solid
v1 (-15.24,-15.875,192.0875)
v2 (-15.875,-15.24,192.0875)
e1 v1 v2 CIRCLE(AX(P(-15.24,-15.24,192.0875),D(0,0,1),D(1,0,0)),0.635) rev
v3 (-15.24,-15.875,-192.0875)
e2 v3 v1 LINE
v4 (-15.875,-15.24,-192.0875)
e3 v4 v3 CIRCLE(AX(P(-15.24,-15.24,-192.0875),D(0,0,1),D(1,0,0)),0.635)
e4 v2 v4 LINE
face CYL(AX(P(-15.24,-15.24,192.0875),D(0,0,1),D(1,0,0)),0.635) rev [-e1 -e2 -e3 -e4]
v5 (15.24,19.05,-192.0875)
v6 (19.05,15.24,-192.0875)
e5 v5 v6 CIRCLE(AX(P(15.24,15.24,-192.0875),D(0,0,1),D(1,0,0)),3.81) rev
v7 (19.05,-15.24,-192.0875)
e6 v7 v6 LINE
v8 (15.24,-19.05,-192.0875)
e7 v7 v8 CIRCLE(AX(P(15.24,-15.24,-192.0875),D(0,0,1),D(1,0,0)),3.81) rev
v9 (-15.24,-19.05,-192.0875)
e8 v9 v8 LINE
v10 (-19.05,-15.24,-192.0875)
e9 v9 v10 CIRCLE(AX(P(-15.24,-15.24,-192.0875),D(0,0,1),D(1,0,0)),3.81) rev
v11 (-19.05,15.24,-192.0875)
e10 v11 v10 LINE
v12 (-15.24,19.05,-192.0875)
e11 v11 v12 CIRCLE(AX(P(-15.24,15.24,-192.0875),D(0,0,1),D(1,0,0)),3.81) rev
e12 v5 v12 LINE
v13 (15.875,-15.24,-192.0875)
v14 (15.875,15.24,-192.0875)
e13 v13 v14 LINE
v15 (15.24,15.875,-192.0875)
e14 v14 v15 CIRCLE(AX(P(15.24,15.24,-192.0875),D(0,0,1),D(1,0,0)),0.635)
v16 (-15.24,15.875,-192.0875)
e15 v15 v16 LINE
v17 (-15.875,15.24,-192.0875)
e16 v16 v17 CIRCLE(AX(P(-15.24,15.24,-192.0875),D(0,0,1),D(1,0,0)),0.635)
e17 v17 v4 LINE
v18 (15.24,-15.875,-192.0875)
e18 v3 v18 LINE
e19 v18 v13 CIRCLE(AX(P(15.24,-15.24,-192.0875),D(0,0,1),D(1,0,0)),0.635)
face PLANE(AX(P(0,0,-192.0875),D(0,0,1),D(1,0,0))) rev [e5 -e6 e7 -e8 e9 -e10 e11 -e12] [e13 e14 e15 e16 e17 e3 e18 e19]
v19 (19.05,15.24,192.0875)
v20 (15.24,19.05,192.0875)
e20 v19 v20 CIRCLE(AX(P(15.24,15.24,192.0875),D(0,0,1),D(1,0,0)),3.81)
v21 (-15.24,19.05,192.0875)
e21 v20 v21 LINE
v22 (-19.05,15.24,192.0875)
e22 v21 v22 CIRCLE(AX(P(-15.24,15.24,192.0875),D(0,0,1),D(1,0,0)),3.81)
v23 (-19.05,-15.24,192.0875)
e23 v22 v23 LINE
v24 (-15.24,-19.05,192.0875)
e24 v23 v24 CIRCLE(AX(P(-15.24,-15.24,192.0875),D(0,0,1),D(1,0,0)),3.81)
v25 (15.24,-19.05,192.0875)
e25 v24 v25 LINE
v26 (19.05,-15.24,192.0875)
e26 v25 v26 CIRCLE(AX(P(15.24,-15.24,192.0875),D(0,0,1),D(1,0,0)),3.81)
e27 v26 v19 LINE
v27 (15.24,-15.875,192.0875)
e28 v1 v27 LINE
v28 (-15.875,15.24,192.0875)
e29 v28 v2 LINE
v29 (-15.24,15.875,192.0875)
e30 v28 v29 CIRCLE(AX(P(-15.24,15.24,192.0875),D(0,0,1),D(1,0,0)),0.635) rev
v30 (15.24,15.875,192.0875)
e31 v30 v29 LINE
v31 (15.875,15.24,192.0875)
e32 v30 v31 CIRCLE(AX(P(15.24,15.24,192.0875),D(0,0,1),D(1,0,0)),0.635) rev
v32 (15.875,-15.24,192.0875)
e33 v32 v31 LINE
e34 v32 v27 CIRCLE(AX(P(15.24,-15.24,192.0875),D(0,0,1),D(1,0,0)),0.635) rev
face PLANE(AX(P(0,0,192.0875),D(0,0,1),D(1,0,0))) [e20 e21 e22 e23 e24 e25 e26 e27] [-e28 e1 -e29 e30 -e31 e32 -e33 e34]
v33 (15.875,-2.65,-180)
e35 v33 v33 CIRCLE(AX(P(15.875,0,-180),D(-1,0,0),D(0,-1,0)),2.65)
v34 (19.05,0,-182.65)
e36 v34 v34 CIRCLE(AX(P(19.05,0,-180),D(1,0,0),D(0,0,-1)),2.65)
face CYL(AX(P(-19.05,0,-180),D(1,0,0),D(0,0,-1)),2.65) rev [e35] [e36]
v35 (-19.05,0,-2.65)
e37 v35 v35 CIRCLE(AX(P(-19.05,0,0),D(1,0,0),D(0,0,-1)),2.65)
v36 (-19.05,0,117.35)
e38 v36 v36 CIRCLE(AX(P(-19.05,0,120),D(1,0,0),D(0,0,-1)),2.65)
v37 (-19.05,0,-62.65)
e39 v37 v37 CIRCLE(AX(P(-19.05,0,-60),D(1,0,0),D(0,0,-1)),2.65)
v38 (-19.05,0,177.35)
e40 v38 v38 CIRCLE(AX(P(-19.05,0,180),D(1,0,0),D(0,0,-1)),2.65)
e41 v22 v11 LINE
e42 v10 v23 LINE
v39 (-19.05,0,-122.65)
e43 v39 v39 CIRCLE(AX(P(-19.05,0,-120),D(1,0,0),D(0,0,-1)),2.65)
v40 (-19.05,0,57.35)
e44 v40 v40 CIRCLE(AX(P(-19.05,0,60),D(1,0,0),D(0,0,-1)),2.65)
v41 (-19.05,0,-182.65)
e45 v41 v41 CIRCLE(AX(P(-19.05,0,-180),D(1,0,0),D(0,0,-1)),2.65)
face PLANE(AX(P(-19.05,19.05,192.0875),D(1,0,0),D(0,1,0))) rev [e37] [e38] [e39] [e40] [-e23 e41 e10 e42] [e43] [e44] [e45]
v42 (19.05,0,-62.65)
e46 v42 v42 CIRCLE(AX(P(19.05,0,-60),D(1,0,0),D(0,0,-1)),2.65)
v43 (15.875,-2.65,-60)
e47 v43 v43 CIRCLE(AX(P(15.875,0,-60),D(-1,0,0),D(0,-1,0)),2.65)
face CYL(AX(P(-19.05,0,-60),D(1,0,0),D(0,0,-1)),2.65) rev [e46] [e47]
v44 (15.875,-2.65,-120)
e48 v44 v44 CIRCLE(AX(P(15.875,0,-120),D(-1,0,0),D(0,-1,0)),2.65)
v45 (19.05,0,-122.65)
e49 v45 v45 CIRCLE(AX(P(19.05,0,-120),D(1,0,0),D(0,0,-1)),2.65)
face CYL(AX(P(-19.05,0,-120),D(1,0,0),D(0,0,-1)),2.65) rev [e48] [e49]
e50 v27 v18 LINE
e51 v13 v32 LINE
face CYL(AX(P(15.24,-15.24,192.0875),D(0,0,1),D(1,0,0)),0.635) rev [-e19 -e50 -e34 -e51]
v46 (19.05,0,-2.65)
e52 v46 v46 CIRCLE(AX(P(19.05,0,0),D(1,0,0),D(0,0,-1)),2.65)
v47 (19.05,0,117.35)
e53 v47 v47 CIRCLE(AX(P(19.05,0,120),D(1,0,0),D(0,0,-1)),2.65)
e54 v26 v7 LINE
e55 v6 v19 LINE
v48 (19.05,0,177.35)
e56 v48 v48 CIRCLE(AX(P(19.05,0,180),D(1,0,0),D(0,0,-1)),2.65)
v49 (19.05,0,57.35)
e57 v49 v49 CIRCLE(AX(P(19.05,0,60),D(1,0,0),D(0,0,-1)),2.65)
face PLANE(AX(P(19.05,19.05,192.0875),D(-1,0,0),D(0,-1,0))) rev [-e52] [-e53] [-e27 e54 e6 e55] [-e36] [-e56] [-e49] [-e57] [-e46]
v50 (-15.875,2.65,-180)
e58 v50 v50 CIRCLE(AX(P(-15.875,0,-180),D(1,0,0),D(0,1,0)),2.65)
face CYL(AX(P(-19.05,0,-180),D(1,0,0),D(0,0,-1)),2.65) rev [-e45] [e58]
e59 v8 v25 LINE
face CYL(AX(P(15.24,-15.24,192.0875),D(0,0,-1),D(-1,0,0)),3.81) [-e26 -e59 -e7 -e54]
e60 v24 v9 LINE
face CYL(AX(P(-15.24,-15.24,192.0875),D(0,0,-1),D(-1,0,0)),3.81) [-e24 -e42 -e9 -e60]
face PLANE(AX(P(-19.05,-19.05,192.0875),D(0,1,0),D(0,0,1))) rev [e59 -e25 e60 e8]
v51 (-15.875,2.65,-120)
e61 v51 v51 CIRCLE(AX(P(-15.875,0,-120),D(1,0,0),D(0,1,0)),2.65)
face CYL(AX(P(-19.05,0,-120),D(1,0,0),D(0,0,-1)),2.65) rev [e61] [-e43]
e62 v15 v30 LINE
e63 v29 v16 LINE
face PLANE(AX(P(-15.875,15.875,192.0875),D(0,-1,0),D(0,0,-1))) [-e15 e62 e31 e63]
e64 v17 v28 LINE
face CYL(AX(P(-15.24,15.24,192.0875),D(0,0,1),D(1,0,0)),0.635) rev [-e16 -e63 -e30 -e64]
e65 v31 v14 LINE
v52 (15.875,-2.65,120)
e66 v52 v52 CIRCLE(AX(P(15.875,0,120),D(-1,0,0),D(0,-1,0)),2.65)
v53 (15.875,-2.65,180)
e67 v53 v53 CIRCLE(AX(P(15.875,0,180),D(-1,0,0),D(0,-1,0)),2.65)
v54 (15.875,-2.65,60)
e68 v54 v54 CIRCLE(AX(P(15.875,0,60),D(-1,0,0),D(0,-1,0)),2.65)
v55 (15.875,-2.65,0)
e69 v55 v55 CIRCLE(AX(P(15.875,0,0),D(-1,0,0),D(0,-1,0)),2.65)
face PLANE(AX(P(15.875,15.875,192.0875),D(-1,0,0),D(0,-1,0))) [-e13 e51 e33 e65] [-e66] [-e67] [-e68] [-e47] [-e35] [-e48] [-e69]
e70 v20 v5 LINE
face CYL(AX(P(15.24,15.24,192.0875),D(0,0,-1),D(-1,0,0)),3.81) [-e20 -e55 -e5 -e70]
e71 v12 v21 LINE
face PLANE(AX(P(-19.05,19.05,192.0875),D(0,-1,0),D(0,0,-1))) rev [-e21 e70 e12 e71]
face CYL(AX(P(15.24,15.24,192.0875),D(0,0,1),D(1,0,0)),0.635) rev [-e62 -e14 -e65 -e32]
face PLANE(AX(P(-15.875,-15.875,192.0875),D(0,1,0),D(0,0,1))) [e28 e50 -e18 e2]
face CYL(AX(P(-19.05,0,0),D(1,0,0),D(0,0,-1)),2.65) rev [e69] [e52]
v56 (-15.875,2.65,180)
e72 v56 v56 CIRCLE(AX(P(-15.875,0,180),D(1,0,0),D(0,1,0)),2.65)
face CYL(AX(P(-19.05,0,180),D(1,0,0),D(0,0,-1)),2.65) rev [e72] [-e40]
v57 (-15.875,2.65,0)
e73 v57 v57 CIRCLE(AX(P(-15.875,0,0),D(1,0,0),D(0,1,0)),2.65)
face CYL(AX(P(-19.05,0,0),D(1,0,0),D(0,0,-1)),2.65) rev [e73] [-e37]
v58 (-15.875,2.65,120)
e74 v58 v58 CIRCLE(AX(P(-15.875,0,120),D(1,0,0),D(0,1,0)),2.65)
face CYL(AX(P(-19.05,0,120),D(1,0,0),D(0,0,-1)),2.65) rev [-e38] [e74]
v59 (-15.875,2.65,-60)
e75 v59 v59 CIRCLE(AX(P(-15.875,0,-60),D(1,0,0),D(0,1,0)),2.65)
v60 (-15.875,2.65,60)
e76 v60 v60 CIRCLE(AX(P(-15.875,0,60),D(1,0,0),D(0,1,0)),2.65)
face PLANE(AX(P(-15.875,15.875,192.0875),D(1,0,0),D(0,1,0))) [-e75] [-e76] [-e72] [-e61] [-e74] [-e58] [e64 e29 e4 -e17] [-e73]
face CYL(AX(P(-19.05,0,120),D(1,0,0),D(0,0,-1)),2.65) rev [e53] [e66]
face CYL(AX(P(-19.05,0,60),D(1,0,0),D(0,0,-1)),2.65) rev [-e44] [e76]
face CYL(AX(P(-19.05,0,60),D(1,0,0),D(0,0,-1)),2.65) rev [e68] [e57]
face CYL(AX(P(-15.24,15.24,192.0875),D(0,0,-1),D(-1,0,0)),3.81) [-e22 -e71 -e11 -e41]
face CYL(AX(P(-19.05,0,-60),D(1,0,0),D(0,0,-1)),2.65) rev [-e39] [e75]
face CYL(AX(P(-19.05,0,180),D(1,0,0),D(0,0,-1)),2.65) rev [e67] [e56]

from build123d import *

# Parameters (mm, degrees)
SKETCH1_W               = 38.1
SKETCH1_H               = 38.1
SKETCH1_W_2             = 31.75
SKETCH1_H_2             = 31.75
BOSS_EXTRUDE1_DEPTH     = 192.0875
FILLET1_R               = 3.81
FILLET2_R               = 0.635
SKETCH2_R               = 2.65
CUT_EXTRUDE1_DEPTH      = 20.05
CUT_EXTRUDE1_DEPTH_BACK = 20.05


with BuildPart() as part:
    # Sketch1 → Boss-Extrude1 (new body, symmetric)
    with BuildSketch(Plane.XY):
        Rectangle(SKETCH1_W, SKETCH1_H)
        Rectangle(SKETCH1_W_2, SKETCH1_H_2, mode=Mode.SUBTRACT)
    extrude(amount=BOSS_EXTRUDE1_DEPTH, both=True)

    # Fillet1
    fillet1_edges = [part.edges().sort_by_distance(p)[0] for p in [
        (19.05, -19.05, 0),
        (-19.05, -19.05, 0),
        (-19.05, 19.05, 0),
        (19.05, 19.05, 0),
    ]]
    fillet(fillet1_edges, radius=FILLET1_R)

    # Fillet2
    fillet2_edges = [part.edges().sort_by_distance(p)[0] for p in [
        (15.875, -15.875, 0),
        (15.875, 15.875, 0),
        (-15.875, 15.875, 0),
        (-15.875, -15.875, 0),
    ]]
    fillet(fillet2_edges, radius=FILLET2_R)

    # Sketch2 → Cut-Extrude1 (cut, two sides)
    with BuildSketch(Plane(origin=(0, 0, 0), x_dir=(0, 0, -1), z_dir=(1, 0, 0))) as cut_extrude1_sk:
        with Locations((-180, 0)):
            Circle(SKETCH2_R)
        with Locations((-120, 0)):
            Circle(SKETCH2_R)
        with Locations((-60, 0)):
            Circle(SKETCH2_R)
        Circle(SKETCH2_R)
        with Locations((60, 0)):
            Circle(SKETCH2_R)
        with Locations((120, 0)):
            Circle(SKETCH2_R)
        with Locations((180, 0)):
            Circle(SKETCH2_R)
    extrude(amount=CUT_EXTRUDE1_DEPTH, mode=Mode.SUBTRACT)
    extrude(cut_extrude1_sk.sketch, amount=-CUT_EXTRUDE1_DEPTH_BACK, mode=Mode.SUBTRACT)


solid = part.part
